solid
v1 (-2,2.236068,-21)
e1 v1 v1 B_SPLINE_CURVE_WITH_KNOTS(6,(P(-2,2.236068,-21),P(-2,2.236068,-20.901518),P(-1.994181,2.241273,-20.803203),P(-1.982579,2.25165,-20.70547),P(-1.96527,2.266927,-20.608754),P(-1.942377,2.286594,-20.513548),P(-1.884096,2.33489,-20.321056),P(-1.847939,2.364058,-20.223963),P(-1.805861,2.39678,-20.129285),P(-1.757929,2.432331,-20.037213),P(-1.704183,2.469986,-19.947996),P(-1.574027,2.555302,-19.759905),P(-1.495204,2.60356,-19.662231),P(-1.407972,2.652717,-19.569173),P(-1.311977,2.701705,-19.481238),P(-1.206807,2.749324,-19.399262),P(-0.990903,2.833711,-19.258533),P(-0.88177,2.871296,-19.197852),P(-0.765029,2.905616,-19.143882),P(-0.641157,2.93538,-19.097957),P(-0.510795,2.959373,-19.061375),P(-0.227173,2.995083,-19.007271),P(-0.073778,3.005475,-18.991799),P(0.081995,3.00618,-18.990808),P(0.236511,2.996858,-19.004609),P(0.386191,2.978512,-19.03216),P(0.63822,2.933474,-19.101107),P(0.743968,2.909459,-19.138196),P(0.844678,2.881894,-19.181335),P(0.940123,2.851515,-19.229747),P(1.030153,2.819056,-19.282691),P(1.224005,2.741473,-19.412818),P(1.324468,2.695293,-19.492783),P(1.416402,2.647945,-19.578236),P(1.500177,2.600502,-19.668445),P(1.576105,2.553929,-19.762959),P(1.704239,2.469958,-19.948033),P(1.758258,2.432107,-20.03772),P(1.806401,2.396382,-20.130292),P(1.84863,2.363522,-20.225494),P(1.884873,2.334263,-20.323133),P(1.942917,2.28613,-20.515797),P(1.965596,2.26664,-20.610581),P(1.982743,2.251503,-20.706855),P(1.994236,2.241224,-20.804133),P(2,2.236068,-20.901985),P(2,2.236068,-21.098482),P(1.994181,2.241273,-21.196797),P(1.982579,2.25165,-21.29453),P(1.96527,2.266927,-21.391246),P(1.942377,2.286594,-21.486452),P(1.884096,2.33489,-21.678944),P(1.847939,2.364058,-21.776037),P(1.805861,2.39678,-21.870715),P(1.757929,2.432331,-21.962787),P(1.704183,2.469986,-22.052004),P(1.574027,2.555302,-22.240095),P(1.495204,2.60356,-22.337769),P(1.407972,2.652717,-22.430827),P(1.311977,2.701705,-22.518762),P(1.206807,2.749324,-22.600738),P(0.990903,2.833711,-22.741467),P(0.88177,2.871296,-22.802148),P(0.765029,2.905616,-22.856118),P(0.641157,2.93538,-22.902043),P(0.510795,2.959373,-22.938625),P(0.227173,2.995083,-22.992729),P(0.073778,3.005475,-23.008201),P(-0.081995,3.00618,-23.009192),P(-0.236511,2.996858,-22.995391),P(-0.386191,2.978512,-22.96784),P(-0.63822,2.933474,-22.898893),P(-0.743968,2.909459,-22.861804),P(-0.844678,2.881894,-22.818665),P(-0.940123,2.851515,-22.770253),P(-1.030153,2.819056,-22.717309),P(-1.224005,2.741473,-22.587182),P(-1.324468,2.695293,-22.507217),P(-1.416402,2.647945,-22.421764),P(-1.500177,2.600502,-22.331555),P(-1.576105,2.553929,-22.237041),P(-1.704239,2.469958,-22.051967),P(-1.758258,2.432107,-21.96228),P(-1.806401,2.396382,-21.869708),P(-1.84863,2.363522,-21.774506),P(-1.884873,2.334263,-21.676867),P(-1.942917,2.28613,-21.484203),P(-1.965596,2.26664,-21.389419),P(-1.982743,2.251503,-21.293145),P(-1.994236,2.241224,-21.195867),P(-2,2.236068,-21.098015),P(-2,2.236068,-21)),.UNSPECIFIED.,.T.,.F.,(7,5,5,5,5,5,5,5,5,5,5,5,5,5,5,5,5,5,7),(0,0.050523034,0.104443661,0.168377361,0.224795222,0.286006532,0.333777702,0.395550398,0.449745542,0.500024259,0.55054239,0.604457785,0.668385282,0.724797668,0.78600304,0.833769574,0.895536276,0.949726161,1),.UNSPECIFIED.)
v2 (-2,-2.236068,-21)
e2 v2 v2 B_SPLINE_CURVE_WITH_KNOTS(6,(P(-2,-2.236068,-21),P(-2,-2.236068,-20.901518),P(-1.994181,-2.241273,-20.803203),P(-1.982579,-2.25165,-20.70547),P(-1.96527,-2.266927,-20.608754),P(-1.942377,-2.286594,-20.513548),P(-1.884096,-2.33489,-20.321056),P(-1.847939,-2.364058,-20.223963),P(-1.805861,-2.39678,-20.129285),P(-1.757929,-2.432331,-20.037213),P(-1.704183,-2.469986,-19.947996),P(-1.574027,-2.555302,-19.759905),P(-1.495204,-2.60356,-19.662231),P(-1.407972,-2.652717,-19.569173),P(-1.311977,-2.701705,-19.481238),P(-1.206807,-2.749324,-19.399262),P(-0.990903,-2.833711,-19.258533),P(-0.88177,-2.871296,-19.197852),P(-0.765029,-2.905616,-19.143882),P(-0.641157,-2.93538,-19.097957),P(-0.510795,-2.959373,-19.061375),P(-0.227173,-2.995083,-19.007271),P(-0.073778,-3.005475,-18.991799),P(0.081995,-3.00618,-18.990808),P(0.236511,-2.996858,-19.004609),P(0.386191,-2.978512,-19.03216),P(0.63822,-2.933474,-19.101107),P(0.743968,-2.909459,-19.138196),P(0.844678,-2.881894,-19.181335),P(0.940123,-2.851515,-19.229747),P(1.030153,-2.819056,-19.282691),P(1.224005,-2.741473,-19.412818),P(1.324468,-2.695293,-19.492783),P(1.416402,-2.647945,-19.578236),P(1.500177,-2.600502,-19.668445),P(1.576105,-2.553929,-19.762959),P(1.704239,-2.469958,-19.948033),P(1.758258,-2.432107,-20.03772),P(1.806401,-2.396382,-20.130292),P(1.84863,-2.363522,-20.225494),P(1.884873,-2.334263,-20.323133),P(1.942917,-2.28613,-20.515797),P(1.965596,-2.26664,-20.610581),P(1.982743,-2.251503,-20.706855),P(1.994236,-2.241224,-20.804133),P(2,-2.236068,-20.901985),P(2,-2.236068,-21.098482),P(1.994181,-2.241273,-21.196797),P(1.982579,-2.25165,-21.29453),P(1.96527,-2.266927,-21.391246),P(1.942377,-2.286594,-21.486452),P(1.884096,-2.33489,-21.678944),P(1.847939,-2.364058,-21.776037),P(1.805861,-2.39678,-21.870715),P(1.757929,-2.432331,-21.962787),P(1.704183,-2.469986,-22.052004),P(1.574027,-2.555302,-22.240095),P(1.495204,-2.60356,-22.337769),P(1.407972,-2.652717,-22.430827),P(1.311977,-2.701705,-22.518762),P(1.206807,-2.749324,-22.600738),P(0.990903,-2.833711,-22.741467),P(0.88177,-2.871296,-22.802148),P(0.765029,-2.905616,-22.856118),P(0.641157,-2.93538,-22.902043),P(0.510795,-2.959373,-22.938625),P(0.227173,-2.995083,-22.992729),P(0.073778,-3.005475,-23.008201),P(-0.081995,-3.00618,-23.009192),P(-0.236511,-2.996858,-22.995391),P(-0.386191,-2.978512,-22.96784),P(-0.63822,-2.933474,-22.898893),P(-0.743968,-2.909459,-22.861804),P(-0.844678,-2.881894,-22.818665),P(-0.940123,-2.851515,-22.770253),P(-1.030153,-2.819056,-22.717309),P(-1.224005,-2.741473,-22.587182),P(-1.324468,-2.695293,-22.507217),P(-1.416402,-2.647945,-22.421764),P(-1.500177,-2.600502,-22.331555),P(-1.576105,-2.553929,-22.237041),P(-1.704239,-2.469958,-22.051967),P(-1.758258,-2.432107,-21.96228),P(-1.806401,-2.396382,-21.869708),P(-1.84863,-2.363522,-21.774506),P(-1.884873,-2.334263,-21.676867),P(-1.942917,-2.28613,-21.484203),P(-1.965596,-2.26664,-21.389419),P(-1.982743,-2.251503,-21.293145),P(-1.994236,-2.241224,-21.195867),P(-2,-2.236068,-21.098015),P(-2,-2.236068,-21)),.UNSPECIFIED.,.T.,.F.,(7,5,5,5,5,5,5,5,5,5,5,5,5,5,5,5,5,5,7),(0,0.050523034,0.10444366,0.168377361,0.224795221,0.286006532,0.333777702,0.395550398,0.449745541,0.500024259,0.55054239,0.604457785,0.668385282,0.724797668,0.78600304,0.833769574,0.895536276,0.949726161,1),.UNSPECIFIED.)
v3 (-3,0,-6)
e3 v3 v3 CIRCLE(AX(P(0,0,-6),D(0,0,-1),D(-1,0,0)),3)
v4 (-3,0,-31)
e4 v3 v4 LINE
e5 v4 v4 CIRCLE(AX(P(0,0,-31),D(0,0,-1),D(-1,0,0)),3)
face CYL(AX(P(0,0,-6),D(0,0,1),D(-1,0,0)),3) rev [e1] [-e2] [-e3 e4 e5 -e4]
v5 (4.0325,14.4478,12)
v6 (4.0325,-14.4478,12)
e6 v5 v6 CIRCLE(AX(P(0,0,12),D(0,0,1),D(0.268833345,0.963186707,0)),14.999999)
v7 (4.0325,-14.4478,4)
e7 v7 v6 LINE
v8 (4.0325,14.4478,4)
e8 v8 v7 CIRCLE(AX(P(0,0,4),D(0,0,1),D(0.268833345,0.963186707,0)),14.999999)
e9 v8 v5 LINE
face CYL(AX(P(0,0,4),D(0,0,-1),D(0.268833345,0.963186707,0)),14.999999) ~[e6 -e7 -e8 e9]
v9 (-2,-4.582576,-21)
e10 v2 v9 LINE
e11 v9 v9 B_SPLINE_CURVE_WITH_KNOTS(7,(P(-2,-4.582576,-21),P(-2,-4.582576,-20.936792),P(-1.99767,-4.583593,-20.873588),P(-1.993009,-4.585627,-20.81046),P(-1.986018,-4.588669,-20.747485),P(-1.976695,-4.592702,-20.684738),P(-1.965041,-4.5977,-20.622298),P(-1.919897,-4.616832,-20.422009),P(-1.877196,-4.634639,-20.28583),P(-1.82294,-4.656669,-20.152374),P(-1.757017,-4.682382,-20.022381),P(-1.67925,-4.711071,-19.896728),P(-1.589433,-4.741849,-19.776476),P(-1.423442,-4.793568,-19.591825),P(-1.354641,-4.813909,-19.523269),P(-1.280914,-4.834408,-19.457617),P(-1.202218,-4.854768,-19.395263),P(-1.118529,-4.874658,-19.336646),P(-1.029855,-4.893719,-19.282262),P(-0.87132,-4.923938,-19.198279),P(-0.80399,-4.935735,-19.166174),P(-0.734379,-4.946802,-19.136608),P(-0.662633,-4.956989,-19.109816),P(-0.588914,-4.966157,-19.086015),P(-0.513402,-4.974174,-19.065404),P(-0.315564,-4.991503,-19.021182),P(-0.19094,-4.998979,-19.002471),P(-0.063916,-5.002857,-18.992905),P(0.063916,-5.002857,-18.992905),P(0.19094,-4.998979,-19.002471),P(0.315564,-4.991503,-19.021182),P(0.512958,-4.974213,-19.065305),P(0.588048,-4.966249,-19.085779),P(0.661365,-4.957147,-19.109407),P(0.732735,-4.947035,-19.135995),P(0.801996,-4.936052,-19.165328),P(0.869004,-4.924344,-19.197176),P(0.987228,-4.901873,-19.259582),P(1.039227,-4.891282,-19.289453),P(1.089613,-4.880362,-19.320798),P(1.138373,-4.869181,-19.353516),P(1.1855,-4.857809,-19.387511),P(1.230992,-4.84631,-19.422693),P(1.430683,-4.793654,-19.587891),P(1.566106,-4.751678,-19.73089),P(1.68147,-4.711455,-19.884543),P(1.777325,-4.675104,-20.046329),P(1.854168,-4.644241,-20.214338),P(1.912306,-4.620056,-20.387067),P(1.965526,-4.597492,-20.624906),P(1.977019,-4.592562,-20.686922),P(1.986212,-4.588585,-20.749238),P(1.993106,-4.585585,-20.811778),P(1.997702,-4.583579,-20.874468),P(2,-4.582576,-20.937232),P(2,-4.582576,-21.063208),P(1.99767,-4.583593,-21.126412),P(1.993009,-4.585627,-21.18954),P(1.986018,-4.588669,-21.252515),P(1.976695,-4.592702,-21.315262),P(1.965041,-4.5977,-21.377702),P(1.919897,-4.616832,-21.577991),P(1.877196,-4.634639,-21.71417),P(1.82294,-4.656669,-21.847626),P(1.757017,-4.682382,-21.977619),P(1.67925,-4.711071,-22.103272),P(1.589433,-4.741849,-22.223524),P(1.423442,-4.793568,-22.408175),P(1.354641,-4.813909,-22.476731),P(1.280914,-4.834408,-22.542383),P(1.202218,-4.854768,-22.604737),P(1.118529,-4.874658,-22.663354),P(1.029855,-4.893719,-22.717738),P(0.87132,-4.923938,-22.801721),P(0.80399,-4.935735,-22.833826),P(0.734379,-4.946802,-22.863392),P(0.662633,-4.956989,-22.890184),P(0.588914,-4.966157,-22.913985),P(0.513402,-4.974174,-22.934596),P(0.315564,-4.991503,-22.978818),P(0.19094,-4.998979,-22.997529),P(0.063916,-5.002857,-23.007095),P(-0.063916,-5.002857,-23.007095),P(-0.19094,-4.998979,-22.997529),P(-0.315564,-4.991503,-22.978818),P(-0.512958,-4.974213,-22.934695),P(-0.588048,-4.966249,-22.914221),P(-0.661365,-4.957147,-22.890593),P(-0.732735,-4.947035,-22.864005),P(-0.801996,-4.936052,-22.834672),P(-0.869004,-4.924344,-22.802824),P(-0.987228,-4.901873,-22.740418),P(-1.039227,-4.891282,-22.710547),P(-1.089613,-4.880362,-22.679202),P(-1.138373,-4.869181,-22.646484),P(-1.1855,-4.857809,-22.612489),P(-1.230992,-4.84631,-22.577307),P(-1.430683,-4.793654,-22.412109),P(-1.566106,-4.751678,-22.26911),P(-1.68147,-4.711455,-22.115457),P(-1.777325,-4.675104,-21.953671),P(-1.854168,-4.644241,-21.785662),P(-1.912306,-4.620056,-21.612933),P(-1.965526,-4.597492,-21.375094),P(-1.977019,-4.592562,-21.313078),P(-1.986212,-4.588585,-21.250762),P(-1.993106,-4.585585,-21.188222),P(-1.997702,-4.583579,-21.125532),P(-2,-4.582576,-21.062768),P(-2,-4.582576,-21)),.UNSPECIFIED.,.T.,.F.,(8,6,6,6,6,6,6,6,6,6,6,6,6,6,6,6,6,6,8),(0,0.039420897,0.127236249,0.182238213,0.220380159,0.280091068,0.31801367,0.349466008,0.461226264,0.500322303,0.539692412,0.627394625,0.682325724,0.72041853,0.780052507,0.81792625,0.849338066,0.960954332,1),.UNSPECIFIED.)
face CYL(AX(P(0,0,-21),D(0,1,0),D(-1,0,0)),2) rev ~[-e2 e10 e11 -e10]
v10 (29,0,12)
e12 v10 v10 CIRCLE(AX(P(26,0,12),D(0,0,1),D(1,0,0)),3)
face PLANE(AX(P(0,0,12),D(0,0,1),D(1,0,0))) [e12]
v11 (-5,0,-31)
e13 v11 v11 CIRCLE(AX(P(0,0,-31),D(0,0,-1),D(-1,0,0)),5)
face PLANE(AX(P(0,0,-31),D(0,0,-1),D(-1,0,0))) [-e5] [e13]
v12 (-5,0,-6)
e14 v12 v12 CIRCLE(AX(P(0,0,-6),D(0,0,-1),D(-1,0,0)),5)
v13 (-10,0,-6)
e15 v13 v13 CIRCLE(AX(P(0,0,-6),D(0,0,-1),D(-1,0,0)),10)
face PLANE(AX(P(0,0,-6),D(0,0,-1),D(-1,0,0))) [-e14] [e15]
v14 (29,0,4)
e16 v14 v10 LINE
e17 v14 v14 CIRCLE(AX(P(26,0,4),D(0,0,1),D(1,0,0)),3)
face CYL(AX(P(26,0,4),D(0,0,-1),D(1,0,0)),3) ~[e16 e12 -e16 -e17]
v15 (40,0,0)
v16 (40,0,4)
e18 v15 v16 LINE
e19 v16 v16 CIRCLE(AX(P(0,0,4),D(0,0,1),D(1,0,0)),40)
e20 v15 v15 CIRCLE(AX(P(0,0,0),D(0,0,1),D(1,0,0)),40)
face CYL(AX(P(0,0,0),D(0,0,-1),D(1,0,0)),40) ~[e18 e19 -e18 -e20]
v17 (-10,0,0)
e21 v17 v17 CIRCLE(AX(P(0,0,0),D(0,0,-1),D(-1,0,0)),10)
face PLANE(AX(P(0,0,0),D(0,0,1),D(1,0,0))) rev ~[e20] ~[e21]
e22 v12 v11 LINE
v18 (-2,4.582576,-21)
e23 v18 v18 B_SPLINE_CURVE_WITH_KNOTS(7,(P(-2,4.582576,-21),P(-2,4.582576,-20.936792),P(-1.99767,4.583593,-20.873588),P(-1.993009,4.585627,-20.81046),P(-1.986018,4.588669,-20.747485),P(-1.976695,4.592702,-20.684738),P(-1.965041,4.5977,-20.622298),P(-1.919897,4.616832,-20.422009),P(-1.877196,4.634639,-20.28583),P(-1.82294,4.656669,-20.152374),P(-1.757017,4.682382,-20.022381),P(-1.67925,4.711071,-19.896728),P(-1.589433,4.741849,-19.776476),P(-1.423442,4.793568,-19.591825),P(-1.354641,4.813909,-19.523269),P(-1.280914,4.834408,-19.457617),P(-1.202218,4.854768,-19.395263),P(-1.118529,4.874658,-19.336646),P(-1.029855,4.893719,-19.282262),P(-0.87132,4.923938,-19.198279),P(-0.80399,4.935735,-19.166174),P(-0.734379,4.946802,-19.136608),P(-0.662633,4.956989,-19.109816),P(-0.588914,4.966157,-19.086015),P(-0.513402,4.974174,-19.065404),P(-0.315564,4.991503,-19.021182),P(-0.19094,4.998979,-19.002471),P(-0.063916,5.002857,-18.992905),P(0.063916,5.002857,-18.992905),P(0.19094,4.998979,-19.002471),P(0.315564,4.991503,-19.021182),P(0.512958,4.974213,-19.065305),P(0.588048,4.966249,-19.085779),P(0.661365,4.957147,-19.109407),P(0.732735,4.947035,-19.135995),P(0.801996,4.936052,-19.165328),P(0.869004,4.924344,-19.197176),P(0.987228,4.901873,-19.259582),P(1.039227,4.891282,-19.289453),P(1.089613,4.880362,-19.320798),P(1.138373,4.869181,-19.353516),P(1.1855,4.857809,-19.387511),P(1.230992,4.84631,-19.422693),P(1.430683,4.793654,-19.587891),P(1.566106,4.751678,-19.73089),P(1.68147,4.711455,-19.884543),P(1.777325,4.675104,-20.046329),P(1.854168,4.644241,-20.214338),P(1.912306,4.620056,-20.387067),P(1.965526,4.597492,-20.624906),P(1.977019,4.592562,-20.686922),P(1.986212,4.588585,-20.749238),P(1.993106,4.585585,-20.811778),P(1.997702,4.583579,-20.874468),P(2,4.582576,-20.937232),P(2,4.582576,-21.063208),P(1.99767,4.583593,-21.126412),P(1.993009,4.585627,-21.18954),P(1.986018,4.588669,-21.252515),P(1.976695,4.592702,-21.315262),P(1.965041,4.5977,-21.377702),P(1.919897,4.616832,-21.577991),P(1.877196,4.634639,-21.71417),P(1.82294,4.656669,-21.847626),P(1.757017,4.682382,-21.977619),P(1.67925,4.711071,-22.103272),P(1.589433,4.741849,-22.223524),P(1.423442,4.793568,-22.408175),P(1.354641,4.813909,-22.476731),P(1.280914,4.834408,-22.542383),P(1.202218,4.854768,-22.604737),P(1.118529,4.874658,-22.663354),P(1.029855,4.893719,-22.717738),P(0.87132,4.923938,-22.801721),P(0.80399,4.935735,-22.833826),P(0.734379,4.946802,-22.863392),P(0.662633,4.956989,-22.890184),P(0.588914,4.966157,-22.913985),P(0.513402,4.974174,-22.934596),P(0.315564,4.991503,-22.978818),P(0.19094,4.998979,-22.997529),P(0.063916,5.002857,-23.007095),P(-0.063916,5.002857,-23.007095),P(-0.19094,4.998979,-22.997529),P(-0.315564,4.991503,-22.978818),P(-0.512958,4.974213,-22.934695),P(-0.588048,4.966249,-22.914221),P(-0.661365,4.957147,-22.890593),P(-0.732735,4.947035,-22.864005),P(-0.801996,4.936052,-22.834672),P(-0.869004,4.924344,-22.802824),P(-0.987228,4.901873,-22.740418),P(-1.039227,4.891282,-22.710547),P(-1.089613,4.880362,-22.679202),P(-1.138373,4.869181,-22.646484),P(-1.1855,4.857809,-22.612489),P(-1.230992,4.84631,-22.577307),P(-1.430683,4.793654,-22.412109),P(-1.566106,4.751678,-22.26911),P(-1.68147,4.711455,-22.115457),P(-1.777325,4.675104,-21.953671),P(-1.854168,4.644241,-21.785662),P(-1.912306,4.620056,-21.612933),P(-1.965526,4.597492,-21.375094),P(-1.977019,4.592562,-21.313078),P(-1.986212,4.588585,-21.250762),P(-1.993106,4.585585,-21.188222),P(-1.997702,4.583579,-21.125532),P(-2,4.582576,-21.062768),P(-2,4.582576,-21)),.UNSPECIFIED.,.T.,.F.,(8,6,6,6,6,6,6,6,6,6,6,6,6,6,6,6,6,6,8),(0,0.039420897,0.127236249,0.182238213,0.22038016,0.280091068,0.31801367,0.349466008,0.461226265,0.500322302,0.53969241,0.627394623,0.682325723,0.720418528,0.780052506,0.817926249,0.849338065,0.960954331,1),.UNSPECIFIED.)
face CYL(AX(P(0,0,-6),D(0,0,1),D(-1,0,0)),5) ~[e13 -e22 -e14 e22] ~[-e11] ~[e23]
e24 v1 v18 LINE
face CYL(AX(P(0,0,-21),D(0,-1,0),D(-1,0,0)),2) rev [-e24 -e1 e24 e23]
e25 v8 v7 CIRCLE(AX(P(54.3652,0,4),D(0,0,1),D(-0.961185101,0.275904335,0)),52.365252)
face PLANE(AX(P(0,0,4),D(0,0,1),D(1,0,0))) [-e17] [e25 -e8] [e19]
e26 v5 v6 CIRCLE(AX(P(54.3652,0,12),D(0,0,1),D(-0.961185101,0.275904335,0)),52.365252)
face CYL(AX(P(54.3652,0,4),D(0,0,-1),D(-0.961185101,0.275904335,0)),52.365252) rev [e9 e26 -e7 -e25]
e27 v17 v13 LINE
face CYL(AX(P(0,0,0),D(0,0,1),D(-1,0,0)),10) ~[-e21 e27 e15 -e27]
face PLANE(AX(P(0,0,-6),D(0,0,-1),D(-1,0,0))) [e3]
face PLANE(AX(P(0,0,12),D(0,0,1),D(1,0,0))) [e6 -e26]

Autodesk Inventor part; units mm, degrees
ref_plane "YZ Plane" through (0, 0, 0) normal (1, 0, 0) x (0, 1, 0)
ref_plane "XZ Plane" through (0, 0, 0) normal (0, 1, 0) x (-1, 0, 0)
ref_plane "XY Plane" through (0, 0, 0) normal (0, 0, 1) x (1, 0, 0)
sketch "Sketch1" plane through (0, 0, 0) normal (0, 0, 1) x (1, 0, 0)
  circle A0 centre (0, 0) radius 40
  dimension "d0" = 40
extrude "Extrusion1" add sketch "Sketch1" along normal blind 4
sketch "Sketch2" plane through (0, 0, 4) normal (0, 0, 1) x (1, 0, 0)
  arc A0 (4.0325, 14.4478) -> (4.0325, -14.4478) centre (0, 0) ccw
  arc A1 (4.0325, 14.4478) -> (4.0325, -14.4478) centre (54.3652, 0) ccw
  dimension "d3" = 15
extrude "Extrusion2" add sketch "Sketch2" along normal blind 8
sketch "Sketch3" plane through (0, 0, 4) normal (0, 0, 1) x (1, 0, 0)
  circle A0 centre (26, 0) radius 3
  point P0 (0, 0)
  dimension "d6" = 3
sketch "Sketch4" plane through (0, 0, 0) normal (0, 0, -1) x (-1, 0, 0)
  circle A0 centre (0, 0) radius 10
  dimension "d9" = 10
extrude "Extrusion4" add sketch "Sketch4" along normal blind 6
sketch "Sketch5" plane through (0, 0, -6) normal (0, 0, -1) x (-1, 0, 0)
  circle A0 centre (0, 0) radius 5
  circle A1 centre (0, 0) radius 3
  dimension "d12" = 5
  dimension "d13" = 3
extrude "Extrusion5" add sketch "Sketch5" along normal blind 25
sketch "Sketch6" plane through (0, 0, 0) normal (0, 1, 0) x (-1, 0, 0)
  circle A0 centre (0, -21) radius 2
  point P0 (0, 0)
  dimension "d16" = 2
extrude "Extrusion6" cut sketch "Sketch6" along normal mid plane 25
extrude "Extrusion7" add sketch "Sketch3" along normal blind 8
properties part number "driverwheel"
